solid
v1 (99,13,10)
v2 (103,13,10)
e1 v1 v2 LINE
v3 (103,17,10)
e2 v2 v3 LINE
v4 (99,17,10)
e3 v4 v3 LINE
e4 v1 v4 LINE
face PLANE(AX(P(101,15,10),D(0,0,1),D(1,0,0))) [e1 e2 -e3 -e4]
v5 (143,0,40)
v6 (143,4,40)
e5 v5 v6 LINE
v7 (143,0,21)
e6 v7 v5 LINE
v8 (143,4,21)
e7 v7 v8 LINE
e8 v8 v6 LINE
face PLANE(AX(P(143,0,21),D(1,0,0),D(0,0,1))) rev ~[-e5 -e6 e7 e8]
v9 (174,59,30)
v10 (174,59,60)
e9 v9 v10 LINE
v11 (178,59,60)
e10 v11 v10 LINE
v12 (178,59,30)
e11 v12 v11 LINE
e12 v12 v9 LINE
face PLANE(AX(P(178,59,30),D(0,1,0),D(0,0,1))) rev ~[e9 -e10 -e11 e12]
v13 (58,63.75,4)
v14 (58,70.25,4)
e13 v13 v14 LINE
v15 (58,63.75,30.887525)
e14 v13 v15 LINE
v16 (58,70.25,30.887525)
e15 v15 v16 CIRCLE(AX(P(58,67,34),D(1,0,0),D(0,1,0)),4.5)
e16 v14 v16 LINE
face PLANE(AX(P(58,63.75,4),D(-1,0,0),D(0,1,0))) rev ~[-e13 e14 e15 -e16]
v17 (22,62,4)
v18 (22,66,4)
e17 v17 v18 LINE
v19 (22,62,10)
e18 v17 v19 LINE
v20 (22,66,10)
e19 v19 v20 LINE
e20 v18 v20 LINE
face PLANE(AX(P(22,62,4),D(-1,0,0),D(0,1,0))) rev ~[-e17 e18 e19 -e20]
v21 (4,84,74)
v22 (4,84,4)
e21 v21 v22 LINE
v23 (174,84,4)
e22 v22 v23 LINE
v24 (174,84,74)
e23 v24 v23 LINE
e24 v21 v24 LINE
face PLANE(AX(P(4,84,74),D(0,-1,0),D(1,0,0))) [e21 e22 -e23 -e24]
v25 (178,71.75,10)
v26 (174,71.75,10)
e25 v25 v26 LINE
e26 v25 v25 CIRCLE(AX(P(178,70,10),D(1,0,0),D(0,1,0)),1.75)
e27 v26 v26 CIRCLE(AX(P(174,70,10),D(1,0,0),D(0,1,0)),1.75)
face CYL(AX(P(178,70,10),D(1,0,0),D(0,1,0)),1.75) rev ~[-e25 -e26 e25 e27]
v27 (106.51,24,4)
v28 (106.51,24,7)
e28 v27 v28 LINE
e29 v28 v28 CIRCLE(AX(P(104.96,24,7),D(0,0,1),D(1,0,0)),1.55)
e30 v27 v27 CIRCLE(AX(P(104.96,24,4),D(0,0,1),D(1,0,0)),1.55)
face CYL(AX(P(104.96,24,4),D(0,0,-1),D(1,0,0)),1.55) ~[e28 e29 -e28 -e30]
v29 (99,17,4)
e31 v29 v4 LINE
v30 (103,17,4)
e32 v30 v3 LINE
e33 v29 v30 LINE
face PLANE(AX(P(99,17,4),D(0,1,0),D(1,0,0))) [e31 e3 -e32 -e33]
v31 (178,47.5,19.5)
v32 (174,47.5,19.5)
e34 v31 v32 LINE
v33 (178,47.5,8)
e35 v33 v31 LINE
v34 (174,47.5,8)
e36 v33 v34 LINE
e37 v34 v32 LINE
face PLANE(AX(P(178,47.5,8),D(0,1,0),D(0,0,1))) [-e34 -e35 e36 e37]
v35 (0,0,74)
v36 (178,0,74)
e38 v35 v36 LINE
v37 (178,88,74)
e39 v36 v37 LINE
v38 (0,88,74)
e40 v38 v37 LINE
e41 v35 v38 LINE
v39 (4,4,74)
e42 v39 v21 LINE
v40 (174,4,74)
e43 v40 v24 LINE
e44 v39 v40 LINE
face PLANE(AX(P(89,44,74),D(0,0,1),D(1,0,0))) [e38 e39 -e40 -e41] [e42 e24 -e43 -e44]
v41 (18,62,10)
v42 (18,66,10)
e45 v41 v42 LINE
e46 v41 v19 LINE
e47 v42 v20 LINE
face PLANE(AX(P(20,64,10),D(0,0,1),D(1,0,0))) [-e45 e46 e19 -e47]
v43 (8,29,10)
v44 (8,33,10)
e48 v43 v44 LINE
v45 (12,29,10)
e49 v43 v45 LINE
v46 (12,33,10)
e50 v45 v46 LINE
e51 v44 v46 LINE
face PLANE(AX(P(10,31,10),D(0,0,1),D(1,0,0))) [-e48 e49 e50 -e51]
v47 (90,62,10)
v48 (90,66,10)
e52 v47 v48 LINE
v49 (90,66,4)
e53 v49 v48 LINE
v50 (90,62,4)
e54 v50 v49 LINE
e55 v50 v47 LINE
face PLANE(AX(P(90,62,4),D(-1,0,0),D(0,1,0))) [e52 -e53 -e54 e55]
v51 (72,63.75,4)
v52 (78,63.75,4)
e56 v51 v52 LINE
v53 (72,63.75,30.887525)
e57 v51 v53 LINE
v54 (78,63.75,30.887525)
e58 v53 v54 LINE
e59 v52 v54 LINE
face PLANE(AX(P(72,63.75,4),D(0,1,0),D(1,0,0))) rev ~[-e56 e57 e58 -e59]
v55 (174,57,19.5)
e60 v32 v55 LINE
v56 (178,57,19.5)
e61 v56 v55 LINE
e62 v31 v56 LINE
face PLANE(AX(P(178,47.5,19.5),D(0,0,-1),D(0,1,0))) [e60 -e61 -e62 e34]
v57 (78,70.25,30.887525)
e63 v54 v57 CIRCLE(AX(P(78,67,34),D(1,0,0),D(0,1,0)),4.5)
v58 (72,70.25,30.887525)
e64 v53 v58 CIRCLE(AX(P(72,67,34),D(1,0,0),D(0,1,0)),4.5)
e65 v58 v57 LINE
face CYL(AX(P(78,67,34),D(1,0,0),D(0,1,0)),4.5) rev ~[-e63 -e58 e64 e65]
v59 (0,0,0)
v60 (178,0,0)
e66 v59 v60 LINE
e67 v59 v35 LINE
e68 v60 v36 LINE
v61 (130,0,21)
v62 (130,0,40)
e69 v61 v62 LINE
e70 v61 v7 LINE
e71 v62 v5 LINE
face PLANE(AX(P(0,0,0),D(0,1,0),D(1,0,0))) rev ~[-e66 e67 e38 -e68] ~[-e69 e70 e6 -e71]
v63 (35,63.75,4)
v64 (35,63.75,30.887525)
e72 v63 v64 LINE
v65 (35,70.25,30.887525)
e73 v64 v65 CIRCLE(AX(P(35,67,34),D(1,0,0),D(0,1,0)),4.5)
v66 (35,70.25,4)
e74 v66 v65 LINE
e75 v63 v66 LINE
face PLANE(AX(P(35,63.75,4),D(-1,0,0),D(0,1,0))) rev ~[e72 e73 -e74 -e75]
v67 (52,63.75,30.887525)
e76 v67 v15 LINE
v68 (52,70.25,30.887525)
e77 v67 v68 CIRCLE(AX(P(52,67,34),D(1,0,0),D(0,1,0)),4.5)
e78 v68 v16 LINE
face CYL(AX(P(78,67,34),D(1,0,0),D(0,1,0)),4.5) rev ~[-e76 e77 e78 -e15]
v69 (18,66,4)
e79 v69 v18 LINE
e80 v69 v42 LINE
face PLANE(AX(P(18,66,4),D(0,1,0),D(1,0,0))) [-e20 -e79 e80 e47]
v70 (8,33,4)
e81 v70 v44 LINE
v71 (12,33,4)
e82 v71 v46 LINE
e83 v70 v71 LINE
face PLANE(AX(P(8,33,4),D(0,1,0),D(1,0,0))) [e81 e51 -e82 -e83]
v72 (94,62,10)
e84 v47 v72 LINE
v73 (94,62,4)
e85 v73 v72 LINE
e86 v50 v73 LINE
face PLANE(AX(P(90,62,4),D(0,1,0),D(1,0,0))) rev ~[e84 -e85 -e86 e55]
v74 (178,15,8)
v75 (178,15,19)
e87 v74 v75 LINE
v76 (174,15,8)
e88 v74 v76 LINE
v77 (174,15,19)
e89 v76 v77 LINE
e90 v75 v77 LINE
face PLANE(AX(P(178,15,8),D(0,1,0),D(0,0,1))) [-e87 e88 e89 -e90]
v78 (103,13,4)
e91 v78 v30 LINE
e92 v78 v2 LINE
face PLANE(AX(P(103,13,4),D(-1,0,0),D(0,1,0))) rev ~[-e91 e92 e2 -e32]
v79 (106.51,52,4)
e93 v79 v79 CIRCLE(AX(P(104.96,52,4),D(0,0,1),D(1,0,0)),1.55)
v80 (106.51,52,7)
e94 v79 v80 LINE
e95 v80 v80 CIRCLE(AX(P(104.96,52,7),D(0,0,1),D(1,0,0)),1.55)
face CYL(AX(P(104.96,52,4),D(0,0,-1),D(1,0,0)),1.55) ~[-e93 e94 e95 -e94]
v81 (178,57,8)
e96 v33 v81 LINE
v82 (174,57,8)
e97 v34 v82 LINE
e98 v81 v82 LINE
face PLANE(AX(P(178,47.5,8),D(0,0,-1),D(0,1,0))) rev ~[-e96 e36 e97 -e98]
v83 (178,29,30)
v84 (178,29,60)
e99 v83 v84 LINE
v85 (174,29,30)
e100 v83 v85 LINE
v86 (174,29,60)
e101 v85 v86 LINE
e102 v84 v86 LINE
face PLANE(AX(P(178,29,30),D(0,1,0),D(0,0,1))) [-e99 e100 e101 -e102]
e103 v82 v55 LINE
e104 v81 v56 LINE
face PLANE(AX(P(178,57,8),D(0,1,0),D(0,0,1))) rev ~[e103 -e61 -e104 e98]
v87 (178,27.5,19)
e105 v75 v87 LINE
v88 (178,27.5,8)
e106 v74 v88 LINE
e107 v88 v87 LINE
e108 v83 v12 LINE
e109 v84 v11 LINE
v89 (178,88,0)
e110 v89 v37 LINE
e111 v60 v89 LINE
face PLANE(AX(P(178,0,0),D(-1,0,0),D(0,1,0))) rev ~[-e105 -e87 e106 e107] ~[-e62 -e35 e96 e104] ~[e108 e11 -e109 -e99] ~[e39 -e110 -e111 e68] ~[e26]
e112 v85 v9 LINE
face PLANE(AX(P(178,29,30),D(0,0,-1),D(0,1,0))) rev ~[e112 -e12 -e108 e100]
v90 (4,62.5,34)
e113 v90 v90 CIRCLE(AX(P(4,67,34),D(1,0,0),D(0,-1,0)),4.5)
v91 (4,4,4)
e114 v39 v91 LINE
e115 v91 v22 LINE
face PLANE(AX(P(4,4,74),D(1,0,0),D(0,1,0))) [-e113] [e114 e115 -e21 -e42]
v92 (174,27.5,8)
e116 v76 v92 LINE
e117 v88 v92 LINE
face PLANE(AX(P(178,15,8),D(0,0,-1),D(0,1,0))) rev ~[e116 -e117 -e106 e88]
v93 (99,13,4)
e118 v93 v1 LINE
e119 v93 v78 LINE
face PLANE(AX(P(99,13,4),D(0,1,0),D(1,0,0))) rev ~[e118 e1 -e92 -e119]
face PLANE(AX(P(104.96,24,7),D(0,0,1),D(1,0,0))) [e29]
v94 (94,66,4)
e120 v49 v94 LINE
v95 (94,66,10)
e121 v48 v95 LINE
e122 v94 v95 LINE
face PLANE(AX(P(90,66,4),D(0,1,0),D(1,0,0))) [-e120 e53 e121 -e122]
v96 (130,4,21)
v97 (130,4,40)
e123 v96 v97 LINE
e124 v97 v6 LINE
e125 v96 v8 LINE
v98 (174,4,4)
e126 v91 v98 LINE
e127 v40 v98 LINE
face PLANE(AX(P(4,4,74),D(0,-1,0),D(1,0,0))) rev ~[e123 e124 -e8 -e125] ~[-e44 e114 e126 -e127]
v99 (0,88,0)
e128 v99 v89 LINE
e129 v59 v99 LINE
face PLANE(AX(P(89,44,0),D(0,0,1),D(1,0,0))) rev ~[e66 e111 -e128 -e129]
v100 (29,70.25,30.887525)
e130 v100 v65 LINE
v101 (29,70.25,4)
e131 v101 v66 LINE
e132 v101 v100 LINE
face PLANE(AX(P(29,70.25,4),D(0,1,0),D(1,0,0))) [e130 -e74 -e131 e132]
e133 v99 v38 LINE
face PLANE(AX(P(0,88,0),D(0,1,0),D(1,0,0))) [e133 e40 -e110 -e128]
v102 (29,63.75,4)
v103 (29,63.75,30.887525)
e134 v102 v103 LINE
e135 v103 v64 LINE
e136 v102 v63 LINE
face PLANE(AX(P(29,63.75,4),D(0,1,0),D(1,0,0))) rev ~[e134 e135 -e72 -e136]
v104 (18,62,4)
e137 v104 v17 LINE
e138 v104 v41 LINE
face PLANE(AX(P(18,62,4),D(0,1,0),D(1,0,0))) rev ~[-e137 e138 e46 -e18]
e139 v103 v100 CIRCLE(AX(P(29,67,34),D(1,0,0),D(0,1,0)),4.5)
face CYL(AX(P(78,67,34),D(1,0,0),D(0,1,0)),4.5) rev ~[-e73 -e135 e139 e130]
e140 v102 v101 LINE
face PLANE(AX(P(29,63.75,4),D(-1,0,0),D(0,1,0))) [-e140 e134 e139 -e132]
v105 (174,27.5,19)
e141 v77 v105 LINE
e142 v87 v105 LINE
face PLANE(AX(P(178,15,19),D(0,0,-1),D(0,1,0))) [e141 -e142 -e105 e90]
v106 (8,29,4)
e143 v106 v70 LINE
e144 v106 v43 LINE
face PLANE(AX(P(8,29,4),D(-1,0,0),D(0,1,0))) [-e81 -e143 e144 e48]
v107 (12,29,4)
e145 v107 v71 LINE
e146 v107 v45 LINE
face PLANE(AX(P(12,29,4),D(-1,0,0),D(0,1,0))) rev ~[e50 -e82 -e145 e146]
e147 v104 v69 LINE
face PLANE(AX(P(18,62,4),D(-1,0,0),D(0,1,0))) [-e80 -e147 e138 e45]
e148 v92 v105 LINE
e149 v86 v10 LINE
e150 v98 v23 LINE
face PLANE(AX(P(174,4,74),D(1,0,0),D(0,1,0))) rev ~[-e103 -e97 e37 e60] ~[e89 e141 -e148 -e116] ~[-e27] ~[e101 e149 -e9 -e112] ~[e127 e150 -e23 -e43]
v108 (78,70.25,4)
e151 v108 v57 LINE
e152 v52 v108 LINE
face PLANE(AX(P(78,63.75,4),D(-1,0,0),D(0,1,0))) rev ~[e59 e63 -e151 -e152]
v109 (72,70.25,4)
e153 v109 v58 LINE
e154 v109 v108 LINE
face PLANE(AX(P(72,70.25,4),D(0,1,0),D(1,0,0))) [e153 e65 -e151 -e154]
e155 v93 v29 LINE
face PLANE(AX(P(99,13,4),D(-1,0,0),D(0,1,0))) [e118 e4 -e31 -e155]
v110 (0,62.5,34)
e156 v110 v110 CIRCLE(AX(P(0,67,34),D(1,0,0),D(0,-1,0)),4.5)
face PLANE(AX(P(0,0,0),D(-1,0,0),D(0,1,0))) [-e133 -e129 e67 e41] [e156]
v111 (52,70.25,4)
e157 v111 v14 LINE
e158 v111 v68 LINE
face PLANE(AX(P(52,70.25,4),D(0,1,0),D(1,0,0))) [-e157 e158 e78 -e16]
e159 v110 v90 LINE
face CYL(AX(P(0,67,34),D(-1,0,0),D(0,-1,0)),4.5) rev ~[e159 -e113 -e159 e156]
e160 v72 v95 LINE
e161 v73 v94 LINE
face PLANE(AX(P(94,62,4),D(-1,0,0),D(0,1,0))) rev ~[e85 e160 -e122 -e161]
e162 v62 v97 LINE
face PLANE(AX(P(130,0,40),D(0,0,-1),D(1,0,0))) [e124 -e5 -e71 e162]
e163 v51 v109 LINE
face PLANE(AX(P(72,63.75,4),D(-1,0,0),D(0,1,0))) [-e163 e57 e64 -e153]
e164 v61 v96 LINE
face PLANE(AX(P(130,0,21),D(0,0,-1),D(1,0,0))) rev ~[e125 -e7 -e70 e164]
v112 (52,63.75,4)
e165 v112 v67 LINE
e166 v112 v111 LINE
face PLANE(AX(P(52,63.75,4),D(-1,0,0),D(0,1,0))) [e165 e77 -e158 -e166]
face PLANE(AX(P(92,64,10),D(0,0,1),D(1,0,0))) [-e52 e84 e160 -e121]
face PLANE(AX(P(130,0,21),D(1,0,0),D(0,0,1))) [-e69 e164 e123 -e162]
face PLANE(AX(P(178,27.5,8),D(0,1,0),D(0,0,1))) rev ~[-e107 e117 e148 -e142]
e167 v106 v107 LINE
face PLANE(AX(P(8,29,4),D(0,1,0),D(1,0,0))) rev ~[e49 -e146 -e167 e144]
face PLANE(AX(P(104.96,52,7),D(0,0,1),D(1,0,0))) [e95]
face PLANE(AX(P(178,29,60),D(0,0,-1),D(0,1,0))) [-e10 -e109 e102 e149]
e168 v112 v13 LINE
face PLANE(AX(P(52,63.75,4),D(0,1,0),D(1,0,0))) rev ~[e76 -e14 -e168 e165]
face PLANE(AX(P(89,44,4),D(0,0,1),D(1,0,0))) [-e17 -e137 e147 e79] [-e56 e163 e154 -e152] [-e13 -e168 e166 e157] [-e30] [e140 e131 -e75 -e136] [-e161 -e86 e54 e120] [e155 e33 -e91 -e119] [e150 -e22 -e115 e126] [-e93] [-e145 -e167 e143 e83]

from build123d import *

# Parameters (mm, degrees)
SKETCH_W        = 178
SKETCH_H        = 88
PAD_DEPTH       = 74
SKETCH001_W     = 170
SKETCH001_H     = 80
POCKET_DEPTH    = 70
SKETCH002_W     = 12.5
SKETCH002_H     = 11
SKETCH002_W_2   = 9.5
SKETCH002_H_2   = 11.5
POCKET001_DEPTH = 5
SKETCH003_W     = 30
SKETCH003_H     = 30
POCKET002_DEPTH = 5
SKETCH004_W     = 13
SKETCH004_H     = 19
POCKET003_DEPTH = 5
SKETCH005_R     = 4.5
POCKET004_DEPTH = 5
SKETCH006_W     = 6
SKETCH006_H     = 6.5
PAD001_DEPTH    = 30
SKETCH007_R     = 4.5
POCKET005_DEPTH = 90
SKETCH008_R     = 1.55
PAD002_DEPTH    = 3
SKETCH010_R     = 1.75
POCKET006_DEPTH = 5
SKETCH011_W     = 4
SKETCH011_H     = 4
PAD004_DEPTH    = 6


with BuildPart() as part:
    # Sketch → Pad (new body)
    with BuildSketch(Plane.XY):
        with Locations((89, 44)):
            Rectangle(SKETCH_W, SKETCH_H)
    extrude(amount=PAD_DEPTH)

    # Sketch001 (on Face6 of Pad) → Pocket (cut)
    with BuildSketch(Plane.XY.offset(74)):
        with Locations((89, 44)):
            Rectangle(SKETCH001_W, SKETCH001_H)
    extrude(amount=-POCKET_DEPTH, mode=Mode.SUBTRACT)

    # Sketch002 (on Face3 of Pocket) → Pocket001 (cut)
    with BuildSketch(Plane.YZ.offset(178)):
        with Locations((21.25, 13.5)):
            Rectangle(SKETCH002_W, SKETCH002_H)
        with Locations((52.25, 13.75)):
            Rectangle(SKETCH002_W_2, SKETCH002_H_2)
    extrude(amount=-POCKET001_DEPTH, mode=Mode.SUBTRACT)

    # Sketch003 (on Face3 of Pocket001) → Pocket002 (cut)
    with BuildSketch(Plane.YZ.offset(178)):
        with Locations((44, 45)):
            Rectangle(SKETCH003_W, SKETCH003_H)
    extrude(amount=-POCKET002_DEPTH, mode=Mode.SUBTRACT)

    # Sketch004 (on Face1 of Pocket002) → Pocket003 (cut)
    with BuildSketch(Plane.XZ):
        with Locations((136.5, 30.5)):
            Rectangle(SKETCH004_W, SKETCH004_H)
    extrude(amount=-POCKET003_DEPTH, mode=Mode.SUBTRACT)

    # Sketch005 (on Face2 of Pocket003) → Pocket004 (cut)
    with BuildSketch(Plane(origin=(0, 0, 0), x_dir=(0, -1, 0), z_dir=(-1, 0, 0))):
        with Locations((-67, 34)):
            Circle(SKETCH005_R)
    extrude(amount=-POCKET004_DEPTH, mode=Mode.SUBTRACT)

    # Sketch006 (on Face28 of Pocket004) → Pad001 (join)
    with BuildSketch(Plane.XY.offset(4)):
        with Locations((32, 67)):
            Rectangle(SKETCH006_W, SKETCH006_H)
        with Locations((55, 67)):
            Rectangle(SKETCH006_W, SKETCH006_H)
        with Locations((75, 67)):
            Rectangle(SKETCH006_W, SKETCH006_H)
    extrude(amount=PAD001_DEPTH)

    # Sketch007 (on Face31 of Pad001) → Pocket005 (cut)
    with BuildSketch(Plane.YZ.offset(78)):
        with Locations((67, 34)):
            Circle(SKETCH007_R)
    extrude(amount=-POCKET005_DEPTH, mode=Mode.SUBTRACT)

    # Sketch008 (on Face29 of Pocket005) → Pad002 (join)
    with BuildSketch(Plane.XY.offset(4)):
        with Locations((104.96, 52)):
            Circle(SKETCH008_R)
        with Locations((104.96, 24)):
            Circle(SKETCH008_R)
    extrude(amount=PAD002_DEPTH)

    # Sketch010 → Pocket006 (cut)
    with BuildSketch(Plane.YZ.offset(178)):
        with Locations((70, 10)):
            Circle(SKETCH010_R)
    extrude(amount=-POCKET006_DEPTH, mode=Mode.SUBTRACT)

    # Sketch011 (on Face30 of Pocket006) → Pad004 (join)
    with BuildSketch(Plane.XY.offset(4)):
        with Locations((10, 31)):
            Rectangle(SKETCH011_W, SKETCH011_H)
        with Locations((20, 64)):
            Rectangle(SKETCH011_W, SKETCH011_H)
        with Locations((101, 15)):
            Rectangle(SKETCH011_W, SKETCH011_H)
        with Locations((92, 64)):
            Rectangle(SKETCH011_W, SKETCH011_H)
    extrude(amount=PAD004_DEPTH)


solid = part.part
